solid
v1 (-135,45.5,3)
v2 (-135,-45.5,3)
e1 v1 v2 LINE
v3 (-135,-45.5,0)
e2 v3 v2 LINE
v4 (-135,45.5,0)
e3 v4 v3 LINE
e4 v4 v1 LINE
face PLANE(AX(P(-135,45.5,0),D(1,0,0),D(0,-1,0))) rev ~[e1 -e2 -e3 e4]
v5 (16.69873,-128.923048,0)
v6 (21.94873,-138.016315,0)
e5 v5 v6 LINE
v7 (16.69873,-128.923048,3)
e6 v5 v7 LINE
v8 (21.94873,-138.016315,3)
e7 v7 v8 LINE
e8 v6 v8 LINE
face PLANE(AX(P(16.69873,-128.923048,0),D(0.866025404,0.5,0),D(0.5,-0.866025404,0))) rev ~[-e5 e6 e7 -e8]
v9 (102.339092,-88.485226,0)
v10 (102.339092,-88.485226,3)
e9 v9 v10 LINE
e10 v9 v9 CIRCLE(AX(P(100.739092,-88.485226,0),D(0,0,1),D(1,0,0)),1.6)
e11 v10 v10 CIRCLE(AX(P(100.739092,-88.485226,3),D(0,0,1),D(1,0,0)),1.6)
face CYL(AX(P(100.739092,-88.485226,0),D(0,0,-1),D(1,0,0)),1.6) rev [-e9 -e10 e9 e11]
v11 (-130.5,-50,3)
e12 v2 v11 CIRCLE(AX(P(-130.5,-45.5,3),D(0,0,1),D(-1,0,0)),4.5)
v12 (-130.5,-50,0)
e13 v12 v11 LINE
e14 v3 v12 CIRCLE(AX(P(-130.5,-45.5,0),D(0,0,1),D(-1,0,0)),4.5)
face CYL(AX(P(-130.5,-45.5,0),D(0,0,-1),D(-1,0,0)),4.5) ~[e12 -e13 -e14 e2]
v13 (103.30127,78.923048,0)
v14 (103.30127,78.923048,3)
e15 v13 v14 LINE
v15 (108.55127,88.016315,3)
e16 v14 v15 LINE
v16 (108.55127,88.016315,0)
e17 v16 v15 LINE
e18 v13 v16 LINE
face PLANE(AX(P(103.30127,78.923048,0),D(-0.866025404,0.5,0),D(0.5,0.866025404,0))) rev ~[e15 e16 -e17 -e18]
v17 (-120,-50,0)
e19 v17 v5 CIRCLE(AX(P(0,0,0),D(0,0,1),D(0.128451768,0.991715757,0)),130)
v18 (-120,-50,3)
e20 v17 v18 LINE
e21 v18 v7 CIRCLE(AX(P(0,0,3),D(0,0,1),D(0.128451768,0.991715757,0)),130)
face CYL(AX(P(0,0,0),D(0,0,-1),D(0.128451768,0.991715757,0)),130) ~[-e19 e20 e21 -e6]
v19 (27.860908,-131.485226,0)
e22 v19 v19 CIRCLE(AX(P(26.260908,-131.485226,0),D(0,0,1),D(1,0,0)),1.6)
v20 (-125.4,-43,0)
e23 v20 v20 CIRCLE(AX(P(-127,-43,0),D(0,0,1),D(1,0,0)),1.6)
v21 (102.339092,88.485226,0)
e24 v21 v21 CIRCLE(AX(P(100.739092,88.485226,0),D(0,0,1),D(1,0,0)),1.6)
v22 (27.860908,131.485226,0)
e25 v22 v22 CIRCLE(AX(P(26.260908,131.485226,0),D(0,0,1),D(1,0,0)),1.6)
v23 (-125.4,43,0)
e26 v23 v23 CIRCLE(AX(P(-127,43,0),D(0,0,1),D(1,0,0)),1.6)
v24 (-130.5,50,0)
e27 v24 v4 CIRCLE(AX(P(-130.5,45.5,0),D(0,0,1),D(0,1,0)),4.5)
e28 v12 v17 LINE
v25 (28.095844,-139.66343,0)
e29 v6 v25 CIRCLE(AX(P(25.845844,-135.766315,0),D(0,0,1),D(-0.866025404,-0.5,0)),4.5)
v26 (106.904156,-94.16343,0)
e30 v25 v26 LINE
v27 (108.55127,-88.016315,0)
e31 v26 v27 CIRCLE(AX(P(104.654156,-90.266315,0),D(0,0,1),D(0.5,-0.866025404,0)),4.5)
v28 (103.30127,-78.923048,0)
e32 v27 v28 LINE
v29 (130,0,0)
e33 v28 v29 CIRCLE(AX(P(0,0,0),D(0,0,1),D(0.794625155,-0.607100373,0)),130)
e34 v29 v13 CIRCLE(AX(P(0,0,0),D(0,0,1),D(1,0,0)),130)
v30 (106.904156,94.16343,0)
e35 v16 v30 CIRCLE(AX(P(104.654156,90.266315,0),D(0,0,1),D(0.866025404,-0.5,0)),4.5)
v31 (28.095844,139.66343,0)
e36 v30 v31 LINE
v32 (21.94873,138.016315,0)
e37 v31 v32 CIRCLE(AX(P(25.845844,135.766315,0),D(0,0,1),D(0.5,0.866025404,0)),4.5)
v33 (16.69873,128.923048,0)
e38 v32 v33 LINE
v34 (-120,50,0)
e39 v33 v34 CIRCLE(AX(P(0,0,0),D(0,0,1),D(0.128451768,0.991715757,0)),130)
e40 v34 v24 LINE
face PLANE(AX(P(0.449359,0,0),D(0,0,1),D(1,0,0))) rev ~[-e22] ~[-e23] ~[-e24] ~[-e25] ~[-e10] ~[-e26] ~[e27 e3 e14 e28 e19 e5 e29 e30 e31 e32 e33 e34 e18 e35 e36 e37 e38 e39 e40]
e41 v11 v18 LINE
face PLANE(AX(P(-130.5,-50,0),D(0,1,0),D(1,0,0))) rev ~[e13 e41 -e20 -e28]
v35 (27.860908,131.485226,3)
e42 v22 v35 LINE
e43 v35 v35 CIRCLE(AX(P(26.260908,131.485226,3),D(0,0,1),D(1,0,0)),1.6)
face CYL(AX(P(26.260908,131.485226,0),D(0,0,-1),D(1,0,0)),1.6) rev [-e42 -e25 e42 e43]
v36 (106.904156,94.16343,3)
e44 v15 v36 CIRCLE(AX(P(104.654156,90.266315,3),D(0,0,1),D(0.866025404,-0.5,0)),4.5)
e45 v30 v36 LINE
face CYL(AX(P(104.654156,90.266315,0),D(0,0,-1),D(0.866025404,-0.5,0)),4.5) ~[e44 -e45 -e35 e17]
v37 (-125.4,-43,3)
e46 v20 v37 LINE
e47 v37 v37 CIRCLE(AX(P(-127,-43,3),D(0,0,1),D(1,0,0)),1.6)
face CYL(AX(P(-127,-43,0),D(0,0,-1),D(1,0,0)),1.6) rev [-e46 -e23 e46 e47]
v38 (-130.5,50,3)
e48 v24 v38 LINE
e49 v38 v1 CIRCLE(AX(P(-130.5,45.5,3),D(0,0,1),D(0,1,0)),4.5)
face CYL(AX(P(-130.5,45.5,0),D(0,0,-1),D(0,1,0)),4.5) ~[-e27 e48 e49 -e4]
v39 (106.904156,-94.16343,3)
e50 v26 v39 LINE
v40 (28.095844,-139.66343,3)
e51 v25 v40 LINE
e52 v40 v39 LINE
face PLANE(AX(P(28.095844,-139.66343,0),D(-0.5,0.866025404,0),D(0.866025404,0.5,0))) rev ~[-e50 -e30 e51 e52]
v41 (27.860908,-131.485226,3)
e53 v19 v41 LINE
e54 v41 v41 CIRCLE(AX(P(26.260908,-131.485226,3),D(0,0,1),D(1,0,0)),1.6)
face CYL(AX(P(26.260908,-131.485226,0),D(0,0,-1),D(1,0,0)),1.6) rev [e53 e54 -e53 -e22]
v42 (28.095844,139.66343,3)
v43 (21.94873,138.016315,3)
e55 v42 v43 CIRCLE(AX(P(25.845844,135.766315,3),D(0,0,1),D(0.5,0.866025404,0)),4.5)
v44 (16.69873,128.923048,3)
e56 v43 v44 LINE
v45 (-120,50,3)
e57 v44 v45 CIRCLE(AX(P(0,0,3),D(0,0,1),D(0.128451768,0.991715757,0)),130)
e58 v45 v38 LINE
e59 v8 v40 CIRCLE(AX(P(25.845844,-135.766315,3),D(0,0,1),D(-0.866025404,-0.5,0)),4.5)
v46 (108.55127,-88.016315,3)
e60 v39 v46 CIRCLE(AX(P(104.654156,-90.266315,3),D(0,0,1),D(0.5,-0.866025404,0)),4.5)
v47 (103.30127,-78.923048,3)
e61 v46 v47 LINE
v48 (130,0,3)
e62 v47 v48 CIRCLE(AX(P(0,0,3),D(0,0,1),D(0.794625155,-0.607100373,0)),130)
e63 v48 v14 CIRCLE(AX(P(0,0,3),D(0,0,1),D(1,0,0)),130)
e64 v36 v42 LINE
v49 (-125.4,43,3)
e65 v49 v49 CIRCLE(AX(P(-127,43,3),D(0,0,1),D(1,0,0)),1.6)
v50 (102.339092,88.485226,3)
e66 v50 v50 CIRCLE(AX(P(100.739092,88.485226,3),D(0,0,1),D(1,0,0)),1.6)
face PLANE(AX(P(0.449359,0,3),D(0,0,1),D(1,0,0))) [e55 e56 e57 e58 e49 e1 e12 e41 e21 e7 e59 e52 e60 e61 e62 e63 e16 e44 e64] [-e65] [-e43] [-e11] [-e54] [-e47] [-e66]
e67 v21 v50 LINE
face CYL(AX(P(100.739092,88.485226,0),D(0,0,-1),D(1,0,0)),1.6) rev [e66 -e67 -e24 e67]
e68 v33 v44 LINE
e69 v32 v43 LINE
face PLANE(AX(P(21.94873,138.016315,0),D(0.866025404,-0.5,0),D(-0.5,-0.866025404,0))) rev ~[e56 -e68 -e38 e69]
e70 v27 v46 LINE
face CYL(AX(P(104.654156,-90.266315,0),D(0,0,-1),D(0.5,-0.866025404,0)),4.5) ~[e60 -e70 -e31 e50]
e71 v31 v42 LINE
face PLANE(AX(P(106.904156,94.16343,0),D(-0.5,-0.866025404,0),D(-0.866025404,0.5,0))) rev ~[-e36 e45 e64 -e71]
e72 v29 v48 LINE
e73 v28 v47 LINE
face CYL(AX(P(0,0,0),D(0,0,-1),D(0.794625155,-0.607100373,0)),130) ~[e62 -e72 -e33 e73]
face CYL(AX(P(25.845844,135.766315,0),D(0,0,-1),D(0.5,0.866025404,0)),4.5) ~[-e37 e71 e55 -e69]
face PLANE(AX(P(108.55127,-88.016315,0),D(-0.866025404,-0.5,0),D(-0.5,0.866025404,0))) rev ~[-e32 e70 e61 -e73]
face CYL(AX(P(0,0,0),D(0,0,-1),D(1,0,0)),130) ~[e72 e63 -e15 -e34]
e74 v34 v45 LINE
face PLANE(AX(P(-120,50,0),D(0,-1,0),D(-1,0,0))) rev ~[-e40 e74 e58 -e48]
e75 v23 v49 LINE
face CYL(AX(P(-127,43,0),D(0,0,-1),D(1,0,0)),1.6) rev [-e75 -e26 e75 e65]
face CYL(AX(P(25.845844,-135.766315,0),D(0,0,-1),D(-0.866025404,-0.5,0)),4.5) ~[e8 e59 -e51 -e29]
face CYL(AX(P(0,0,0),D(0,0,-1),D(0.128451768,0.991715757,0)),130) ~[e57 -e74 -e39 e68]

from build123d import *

# Parameters (mm, degrees)
F0_R     = 1.6
F1_DEPTH = 3


with BuildPart() as f1:
    # F0 (on Top) → F1 (new body)
    with BuildSketch(Plane.XY):
        with BuildLine():
            ThreePointArc((103.3012701892, -78.9230484541), (123.1445596131, -41.6583417541), (130, 0))
            ThreePointArc((130, 0), (123.1445596131, 41.6583417541), (103.3012701892, 78.9230484541))
            Line((103.3012701892, 78.9230484541), (16.6987298108, 128.9230484541))
            ThreePointArc((16.6987298108, 128.9230484541), (-65, 112.583302492), (-120, 50))
            Line((-120, 50), (-120, -50))
            ThreePointArc((-120, -50), (-65, -112.583302492), (16.6987298108, -128.9230484541))
            Line((16.6987298108, -128.9230484541), (103.3012701892, -78.9230484541))
        make_face()
        with BuildLine():
            Line((16.6987298108, 128.9230484541), (103.3012701892, 78.9230484541))
            ThreePointArc((103.3012701892, 78.9230484541), (65, 112.583302492), (16.6987298108, 128.9230484541))
        make_face()
        with BuildLine():
            ThreePointArc((16.6987298108, 128.9230484541), (65, 112.583302492), (103.3012701892, 78.9230484541))
            Line((103.3012701892, 78.9230484541), (108.5512701892, 88.0163151939))
            ThreePointArc((108.5512701892, 88.0163151939), (109.0008220905, 91.4310008968), (106.9041558722, 94.1634295109))
            Line((106.9041558722, 94.1634295109), (28.0958441278, 139.6634295109))
            ThreePointArc((28.0958441278, 139.6634295109), (24.6811584248, 140.1129814122), (21.9487298108, 138.0163151939))
            Line((21.9487298108, 138.0163151939), (16.6987298108, 128.9230484541))
        make_face()
        with Locations((26.2609076373, 131.4852262806)):
            Circle(F0_R, mode=Mode.SUBTRACT)
        with Locations((100.7390923627, 88.4852262806)):
            Circle(F0_R, mode=Mode.SUBTRACT)
        with BuildLine():
            Line((108.5512701892, -88.0163151939), (103.3012701892, -78.9230484541))
            ThreePointArc((103.3012701892, -78.9230484541), (65, -112.583302492), (16.6987298108, -128.9230484541))
            Line((16.6987298108, -128.9230484541), (21.9487298108, -138.0163151939))
            ThreePointArc((21.9487298108, -138.0163151939), (24.6811584248, -140.1129814122), (28.0958441278, -139.6634295109))
            Line((28.0958441278, -139.6634295109), (106.9041558722, -94.1634295109))
            ThreePointArc((106.9041558722, -94.1634295109), (109.0008220905, -91.4310008968), (108.5512701892, -88.0163151939))
        make_face()
        with Locations((26.2609076373, -131.4852262806)):
            Circle(F0_R, mode=Mode.SUBTRACT)
        with Locations((100.7390923627, -88.4852262806)):
            Circle(F0_R, mode=Mode.SUBTRACT)
        with BuildLine():
            ThreePointArc((16.6987298108, -128.9230484541), (65, -112.583302492), (103.3012701892, -78.9230484541))
            Line((103.3012701892, -78.9230484541), (16.6987298108, -128.9230484541))
        make_face()
        with BuildLine():
            Line((-120, -50), (-120, 50))
            ThreePointArc((-120, 50), (-130, 0), (-120, -50))
        make_face()
        with BuildLine():
            ThreePointArc((-120, -50), (-130, 0), (-120, 50))
            Line((-120, 50), (-130.5, 50))
            ThreePointArc((-130.5, 50), (-133.6819805153, 48.6819805153), (-135, 45.5))
            Line((-135, 45.5), (-135, -45.5))
            ThreePointArc((-135, -45.5), (-133.6819805153, -48.6819805153), (-130.5, -50))
            Line((-130.5, -50), (-120, -50))
        make_face()
        with Locations((-127, -43)):
            Circle(F0_R, mode=Mode.SUBTRACT)
        with Locations((-127, 43)):
            Circle(F0_R, mode=Mode.SUBTRACT)
    extrude(amount=F1_DEPTH)


solid = f1.part
